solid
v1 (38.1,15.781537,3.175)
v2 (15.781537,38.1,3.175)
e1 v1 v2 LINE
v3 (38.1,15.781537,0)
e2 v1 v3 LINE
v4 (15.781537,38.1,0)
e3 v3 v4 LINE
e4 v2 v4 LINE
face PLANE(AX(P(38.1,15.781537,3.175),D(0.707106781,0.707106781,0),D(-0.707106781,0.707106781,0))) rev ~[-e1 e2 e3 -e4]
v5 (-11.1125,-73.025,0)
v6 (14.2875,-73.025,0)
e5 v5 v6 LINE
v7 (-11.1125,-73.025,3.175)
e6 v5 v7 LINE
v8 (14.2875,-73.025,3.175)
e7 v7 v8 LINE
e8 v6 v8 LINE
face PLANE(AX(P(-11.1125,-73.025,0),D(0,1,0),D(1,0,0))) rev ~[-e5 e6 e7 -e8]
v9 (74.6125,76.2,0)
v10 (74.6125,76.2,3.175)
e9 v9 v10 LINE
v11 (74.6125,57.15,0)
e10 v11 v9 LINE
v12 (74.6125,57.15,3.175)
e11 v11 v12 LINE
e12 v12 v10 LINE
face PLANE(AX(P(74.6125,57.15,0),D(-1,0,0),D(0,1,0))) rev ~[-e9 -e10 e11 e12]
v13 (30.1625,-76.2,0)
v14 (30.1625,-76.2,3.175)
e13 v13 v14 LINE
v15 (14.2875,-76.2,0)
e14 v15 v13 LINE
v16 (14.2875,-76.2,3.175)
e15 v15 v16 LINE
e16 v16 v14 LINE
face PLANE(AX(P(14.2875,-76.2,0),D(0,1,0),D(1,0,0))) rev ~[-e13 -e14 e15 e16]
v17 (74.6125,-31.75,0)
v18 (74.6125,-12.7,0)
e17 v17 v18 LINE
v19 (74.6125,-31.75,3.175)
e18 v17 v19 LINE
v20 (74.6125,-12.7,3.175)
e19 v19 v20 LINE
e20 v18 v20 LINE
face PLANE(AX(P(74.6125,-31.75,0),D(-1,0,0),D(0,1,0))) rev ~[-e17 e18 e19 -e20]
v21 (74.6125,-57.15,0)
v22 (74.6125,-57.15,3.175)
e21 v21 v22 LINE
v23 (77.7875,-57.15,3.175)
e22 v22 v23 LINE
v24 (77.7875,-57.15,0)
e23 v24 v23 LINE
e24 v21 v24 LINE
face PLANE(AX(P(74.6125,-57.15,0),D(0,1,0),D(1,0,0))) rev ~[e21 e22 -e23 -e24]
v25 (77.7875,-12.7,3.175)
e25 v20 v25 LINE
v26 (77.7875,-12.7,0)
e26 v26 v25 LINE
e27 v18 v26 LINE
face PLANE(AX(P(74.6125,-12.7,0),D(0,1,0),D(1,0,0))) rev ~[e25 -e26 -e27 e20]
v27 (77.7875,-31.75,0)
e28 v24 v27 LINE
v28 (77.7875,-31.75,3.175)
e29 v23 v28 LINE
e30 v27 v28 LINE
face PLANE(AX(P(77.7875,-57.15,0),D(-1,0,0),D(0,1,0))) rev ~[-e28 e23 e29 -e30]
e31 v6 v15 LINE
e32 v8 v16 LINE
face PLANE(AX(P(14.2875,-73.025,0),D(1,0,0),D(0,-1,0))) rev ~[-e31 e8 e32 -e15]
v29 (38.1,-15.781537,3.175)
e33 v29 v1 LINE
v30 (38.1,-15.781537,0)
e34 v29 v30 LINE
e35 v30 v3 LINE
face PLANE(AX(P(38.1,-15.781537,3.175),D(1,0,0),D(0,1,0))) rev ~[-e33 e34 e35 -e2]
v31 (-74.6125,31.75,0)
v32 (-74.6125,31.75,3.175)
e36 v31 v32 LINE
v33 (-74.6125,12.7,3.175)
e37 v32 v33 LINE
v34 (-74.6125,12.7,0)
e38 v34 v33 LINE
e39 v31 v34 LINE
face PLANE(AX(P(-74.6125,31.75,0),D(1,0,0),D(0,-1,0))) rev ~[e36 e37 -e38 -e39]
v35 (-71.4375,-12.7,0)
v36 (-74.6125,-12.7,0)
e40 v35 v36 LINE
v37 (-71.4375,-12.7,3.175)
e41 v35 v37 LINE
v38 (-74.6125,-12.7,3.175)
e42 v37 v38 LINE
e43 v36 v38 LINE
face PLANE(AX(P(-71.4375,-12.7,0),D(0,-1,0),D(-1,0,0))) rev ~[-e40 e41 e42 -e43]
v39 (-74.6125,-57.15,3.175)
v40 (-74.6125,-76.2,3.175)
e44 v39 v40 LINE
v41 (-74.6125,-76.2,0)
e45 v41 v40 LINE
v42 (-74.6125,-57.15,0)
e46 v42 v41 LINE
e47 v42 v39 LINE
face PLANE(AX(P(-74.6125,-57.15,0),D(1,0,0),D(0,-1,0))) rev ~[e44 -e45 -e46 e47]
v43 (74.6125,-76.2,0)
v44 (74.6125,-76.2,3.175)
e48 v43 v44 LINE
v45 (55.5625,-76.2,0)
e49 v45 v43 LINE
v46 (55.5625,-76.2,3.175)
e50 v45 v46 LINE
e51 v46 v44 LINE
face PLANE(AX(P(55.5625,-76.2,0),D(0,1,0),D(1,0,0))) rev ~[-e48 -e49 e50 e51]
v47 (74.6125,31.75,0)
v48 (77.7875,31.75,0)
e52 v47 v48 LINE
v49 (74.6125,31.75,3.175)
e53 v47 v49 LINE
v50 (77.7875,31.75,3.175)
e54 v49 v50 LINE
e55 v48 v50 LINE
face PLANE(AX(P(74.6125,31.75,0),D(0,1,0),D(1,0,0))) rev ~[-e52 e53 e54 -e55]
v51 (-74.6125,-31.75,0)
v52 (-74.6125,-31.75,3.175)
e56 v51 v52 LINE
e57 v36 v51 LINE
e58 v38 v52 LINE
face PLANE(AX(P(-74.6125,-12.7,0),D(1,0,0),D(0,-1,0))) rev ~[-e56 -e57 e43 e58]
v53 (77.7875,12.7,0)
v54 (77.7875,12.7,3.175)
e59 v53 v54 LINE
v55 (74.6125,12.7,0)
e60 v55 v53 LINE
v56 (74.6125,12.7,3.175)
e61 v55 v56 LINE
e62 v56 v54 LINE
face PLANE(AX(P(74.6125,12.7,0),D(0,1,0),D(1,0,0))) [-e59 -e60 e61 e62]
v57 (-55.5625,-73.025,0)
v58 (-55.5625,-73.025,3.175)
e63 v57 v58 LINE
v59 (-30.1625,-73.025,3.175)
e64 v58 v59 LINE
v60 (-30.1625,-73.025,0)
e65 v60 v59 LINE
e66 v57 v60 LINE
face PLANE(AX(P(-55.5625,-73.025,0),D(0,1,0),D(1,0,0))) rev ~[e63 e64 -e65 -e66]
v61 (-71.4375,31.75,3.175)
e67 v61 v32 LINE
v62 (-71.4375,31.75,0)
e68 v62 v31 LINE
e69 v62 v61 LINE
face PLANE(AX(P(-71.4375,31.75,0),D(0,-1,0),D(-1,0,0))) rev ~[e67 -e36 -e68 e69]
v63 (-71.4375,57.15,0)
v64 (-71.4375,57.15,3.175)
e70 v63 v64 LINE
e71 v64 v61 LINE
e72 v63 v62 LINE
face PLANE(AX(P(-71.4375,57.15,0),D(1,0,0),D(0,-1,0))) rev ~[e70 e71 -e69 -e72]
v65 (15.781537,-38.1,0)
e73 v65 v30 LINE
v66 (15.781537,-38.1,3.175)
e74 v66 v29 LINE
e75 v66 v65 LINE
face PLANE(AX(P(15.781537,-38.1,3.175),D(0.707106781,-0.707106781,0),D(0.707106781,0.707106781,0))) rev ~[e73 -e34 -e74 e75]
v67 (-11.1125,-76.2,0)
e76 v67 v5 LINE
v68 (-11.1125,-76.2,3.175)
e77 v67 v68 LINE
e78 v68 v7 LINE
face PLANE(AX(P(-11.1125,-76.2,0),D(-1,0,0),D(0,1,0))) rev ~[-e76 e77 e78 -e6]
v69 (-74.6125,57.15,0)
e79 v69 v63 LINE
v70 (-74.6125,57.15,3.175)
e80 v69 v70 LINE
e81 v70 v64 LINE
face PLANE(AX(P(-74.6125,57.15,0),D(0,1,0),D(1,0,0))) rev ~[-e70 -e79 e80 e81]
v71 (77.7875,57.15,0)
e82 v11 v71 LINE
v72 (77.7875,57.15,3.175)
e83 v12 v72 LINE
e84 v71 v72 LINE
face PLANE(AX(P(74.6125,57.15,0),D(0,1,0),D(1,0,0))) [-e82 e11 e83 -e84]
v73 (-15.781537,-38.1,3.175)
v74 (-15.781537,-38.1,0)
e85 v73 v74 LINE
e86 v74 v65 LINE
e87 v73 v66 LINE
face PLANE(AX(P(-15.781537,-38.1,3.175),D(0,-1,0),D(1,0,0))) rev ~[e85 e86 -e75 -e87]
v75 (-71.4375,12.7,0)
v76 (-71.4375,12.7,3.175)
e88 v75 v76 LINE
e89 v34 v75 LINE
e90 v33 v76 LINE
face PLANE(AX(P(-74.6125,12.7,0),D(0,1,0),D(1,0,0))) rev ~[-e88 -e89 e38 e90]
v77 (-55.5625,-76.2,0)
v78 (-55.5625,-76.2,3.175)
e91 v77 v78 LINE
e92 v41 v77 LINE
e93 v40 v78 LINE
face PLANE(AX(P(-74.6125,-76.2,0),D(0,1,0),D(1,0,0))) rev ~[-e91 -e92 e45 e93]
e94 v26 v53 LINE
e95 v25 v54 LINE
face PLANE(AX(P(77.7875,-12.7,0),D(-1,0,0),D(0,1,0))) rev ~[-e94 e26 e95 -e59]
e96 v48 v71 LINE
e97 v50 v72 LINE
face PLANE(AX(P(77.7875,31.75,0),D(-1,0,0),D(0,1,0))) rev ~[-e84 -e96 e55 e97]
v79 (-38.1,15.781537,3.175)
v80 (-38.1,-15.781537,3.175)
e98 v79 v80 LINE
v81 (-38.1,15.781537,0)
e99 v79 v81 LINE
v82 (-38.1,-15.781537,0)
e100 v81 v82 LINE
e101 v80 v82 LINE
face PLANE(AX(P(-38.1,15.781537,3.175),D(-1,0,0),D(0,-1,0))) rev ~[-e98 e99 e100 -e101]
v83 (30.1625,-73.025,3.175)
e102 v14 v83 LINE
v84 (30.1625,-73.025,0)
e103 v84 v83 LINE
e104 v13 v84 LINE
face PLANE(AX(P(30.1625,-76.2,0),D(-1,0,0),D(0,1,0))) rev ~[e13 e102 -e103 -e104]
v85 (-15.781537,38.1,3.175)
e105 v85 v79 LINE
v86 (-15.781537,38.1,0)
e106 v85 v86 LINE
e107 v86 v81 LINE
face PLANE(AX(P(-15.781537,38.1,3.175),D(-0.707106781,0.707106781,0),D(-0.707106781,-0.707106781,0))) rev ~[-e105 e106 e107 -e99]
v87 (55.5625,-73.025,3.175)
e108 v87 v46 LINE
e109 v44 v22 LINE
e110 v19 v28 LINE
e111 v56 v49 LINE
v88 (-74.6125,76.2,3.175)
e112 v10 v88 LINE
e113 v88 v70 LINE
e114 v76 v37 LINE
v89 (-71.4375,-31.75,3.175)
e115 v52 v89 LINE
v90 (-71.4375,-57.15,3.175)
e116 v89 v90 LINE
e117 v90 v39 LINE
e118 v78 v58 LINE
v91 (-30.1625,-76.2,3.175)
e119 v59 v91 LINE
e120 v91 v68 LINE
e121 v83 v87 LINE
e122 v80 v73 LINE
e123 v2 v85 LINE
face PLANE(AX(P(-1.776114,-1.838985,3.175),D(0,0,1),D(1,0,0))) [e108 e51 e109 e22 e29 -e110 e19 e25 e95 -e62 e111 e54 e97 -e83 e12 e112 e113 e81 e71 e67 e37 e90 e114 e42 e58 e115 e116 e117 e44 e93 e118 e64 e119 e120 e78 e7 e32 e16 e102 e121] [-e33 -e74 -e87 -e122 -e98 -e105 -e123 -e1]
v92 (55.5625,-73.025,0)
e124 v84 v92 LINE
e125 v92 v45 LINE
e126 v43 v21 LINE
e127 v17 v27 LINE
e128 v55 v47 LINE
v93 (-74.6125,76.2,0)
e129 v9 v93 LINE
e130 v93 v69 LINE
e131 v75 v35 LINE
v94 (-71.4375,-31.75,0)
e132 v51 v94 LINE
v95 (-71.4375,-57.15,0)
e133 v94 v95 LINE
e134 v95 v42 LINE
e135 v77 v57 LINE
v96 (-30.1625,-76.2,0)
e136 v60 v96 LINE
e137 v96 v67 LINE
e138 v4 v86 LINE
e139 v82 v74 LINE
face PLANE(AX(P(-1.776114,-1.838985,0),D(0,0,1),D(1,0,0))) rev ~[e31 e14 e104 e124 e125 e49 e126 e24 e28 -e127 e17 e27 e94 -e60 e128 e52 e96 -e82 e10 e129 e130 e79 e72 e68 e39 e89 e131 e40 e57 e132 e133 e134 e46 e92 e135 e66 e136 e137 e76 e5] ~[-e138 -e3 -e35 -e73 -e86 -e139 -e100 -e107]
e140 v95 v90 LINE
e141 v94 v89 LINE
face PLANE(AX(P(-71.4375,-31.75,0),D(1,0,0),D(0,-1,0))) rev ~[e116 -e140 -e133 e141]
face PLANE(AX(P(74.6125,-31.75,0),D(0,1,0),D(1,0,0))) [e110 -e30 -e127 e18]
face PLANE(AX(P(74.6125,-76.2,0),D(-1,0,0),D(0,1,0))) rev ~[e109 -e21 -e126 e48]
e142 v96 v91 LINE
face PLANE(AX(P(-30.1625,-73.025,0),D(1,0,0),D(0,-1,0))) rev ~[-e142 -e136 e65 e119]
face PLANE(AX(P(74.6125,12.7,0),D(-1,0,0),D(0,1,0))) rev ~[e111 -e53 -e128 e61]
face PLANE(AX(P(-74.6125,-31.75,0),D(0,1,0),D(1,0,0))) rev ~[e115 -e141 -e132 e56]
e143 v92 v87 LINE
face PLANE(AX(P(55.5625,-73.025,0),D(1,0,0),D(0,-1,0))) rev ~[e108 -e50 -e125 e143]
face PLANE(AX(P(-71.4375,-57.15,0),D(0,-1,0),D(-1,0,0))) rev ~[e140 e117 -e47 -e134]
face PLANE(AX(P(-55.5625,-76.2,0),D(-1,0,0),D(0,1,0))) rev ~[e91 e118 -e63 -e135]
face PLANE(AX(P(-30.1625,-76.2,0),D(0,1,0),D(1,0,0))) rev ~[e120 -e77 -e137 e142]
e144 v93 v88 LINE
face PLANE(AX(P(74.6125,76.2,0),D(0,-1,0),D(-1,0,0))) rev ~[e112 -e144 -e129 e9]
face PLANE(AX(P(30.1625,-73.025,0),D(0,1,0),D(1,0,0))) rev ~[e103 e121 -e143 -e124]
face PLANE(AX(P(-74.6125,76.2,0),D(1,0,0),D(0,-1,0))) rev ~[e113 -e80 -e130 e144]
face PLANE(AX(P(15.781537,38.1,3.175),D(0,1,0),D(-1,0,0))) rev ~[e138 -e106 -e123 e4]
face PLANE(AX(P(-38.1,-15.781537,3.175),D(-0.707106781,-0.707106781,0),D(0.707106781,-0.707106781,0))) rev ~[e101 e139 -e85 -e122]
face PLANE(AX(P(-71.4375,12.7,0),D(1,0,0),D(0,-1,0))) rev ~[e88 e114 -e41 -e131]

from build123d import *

# Parameters (mm, degrees)
SKETCH1_W           = 3.175
SKETCH1_H           = 25.4
BOSS_EXTRUDE1_DEPTH = 3.175
CUT_EXTRUDE1_DEPTH  = 4.175


with BuildPart() as part:
    # Sketch1 → Boss-Extrude1 (new body)
    with BuildSketch(Plane.XY):
        Polygon((55.5625, -76.2), (74.6125, -76.2), (74.6125, -57.15), (74.6125, -31.75), (74.6125, -12.7), (74.6125, 12.7), (74.6125, 31.75), (74.6125, 57.15), (74.6125, 76.2), (-74.6125, 76.2), (-74.6125, 57.15), (-71.4375, 57.15), (-71.4375, 31.75), (-74.6125, 31.75), (-74.6125, 12.7), (-71.4375, 12.7), (-71.4375, -12.7), (-74.6125, -12.7), (-74.6125, -31.75), (-71.4375, -31.75), (-71.4375, -57.15), (-74.6125, -57.15), (-74.6125, -76.2), (-55.5625, -76.2), (-55.5625, -73.025), (-30.1625, -73.025), (-30.1625, -76.2), (-11.1125, -76.2), (-11.1125, -73.025), (14.2875, -73.025), (14.2875, -76.2), (30.1625, -76.2), (30.1625, -73.025), (55.5625, -73.025), align=None)
        with Locations((76.2, 44.45)):
            Rectangle(SKETCH1_W, SKETCH1_H)
        with Locations((76.2, 0)):
            Rectangle(SKETCH1_W, SKETCH1_H)
        with Locations((76.2, -44.45)):
            Rectangle(SKETCH1_W, SKETCH1_H)
    extrude(amount=BOSS_EXTRUDE1_DEPTH)

    # Sketch2 → Cut-Extrude1 (cut, through all)
    with BuildSketch(Plane.XY.offset(3.175)):
        Polygon((-15.781536726, 38.1), (-38.1, 15.781536726), (-38.1, -15.781536726), (-15.781536726, -38.1), (15.781536726, -38.1), (38.1, -15.781536726), (38.1, 15.781536726), (15.781536726, 38.1), align=None)
    extrude(amount=-CUT_EXTRUDE1_DEPTH, mode=Mode.SUBTRACT)


solid = part.part
